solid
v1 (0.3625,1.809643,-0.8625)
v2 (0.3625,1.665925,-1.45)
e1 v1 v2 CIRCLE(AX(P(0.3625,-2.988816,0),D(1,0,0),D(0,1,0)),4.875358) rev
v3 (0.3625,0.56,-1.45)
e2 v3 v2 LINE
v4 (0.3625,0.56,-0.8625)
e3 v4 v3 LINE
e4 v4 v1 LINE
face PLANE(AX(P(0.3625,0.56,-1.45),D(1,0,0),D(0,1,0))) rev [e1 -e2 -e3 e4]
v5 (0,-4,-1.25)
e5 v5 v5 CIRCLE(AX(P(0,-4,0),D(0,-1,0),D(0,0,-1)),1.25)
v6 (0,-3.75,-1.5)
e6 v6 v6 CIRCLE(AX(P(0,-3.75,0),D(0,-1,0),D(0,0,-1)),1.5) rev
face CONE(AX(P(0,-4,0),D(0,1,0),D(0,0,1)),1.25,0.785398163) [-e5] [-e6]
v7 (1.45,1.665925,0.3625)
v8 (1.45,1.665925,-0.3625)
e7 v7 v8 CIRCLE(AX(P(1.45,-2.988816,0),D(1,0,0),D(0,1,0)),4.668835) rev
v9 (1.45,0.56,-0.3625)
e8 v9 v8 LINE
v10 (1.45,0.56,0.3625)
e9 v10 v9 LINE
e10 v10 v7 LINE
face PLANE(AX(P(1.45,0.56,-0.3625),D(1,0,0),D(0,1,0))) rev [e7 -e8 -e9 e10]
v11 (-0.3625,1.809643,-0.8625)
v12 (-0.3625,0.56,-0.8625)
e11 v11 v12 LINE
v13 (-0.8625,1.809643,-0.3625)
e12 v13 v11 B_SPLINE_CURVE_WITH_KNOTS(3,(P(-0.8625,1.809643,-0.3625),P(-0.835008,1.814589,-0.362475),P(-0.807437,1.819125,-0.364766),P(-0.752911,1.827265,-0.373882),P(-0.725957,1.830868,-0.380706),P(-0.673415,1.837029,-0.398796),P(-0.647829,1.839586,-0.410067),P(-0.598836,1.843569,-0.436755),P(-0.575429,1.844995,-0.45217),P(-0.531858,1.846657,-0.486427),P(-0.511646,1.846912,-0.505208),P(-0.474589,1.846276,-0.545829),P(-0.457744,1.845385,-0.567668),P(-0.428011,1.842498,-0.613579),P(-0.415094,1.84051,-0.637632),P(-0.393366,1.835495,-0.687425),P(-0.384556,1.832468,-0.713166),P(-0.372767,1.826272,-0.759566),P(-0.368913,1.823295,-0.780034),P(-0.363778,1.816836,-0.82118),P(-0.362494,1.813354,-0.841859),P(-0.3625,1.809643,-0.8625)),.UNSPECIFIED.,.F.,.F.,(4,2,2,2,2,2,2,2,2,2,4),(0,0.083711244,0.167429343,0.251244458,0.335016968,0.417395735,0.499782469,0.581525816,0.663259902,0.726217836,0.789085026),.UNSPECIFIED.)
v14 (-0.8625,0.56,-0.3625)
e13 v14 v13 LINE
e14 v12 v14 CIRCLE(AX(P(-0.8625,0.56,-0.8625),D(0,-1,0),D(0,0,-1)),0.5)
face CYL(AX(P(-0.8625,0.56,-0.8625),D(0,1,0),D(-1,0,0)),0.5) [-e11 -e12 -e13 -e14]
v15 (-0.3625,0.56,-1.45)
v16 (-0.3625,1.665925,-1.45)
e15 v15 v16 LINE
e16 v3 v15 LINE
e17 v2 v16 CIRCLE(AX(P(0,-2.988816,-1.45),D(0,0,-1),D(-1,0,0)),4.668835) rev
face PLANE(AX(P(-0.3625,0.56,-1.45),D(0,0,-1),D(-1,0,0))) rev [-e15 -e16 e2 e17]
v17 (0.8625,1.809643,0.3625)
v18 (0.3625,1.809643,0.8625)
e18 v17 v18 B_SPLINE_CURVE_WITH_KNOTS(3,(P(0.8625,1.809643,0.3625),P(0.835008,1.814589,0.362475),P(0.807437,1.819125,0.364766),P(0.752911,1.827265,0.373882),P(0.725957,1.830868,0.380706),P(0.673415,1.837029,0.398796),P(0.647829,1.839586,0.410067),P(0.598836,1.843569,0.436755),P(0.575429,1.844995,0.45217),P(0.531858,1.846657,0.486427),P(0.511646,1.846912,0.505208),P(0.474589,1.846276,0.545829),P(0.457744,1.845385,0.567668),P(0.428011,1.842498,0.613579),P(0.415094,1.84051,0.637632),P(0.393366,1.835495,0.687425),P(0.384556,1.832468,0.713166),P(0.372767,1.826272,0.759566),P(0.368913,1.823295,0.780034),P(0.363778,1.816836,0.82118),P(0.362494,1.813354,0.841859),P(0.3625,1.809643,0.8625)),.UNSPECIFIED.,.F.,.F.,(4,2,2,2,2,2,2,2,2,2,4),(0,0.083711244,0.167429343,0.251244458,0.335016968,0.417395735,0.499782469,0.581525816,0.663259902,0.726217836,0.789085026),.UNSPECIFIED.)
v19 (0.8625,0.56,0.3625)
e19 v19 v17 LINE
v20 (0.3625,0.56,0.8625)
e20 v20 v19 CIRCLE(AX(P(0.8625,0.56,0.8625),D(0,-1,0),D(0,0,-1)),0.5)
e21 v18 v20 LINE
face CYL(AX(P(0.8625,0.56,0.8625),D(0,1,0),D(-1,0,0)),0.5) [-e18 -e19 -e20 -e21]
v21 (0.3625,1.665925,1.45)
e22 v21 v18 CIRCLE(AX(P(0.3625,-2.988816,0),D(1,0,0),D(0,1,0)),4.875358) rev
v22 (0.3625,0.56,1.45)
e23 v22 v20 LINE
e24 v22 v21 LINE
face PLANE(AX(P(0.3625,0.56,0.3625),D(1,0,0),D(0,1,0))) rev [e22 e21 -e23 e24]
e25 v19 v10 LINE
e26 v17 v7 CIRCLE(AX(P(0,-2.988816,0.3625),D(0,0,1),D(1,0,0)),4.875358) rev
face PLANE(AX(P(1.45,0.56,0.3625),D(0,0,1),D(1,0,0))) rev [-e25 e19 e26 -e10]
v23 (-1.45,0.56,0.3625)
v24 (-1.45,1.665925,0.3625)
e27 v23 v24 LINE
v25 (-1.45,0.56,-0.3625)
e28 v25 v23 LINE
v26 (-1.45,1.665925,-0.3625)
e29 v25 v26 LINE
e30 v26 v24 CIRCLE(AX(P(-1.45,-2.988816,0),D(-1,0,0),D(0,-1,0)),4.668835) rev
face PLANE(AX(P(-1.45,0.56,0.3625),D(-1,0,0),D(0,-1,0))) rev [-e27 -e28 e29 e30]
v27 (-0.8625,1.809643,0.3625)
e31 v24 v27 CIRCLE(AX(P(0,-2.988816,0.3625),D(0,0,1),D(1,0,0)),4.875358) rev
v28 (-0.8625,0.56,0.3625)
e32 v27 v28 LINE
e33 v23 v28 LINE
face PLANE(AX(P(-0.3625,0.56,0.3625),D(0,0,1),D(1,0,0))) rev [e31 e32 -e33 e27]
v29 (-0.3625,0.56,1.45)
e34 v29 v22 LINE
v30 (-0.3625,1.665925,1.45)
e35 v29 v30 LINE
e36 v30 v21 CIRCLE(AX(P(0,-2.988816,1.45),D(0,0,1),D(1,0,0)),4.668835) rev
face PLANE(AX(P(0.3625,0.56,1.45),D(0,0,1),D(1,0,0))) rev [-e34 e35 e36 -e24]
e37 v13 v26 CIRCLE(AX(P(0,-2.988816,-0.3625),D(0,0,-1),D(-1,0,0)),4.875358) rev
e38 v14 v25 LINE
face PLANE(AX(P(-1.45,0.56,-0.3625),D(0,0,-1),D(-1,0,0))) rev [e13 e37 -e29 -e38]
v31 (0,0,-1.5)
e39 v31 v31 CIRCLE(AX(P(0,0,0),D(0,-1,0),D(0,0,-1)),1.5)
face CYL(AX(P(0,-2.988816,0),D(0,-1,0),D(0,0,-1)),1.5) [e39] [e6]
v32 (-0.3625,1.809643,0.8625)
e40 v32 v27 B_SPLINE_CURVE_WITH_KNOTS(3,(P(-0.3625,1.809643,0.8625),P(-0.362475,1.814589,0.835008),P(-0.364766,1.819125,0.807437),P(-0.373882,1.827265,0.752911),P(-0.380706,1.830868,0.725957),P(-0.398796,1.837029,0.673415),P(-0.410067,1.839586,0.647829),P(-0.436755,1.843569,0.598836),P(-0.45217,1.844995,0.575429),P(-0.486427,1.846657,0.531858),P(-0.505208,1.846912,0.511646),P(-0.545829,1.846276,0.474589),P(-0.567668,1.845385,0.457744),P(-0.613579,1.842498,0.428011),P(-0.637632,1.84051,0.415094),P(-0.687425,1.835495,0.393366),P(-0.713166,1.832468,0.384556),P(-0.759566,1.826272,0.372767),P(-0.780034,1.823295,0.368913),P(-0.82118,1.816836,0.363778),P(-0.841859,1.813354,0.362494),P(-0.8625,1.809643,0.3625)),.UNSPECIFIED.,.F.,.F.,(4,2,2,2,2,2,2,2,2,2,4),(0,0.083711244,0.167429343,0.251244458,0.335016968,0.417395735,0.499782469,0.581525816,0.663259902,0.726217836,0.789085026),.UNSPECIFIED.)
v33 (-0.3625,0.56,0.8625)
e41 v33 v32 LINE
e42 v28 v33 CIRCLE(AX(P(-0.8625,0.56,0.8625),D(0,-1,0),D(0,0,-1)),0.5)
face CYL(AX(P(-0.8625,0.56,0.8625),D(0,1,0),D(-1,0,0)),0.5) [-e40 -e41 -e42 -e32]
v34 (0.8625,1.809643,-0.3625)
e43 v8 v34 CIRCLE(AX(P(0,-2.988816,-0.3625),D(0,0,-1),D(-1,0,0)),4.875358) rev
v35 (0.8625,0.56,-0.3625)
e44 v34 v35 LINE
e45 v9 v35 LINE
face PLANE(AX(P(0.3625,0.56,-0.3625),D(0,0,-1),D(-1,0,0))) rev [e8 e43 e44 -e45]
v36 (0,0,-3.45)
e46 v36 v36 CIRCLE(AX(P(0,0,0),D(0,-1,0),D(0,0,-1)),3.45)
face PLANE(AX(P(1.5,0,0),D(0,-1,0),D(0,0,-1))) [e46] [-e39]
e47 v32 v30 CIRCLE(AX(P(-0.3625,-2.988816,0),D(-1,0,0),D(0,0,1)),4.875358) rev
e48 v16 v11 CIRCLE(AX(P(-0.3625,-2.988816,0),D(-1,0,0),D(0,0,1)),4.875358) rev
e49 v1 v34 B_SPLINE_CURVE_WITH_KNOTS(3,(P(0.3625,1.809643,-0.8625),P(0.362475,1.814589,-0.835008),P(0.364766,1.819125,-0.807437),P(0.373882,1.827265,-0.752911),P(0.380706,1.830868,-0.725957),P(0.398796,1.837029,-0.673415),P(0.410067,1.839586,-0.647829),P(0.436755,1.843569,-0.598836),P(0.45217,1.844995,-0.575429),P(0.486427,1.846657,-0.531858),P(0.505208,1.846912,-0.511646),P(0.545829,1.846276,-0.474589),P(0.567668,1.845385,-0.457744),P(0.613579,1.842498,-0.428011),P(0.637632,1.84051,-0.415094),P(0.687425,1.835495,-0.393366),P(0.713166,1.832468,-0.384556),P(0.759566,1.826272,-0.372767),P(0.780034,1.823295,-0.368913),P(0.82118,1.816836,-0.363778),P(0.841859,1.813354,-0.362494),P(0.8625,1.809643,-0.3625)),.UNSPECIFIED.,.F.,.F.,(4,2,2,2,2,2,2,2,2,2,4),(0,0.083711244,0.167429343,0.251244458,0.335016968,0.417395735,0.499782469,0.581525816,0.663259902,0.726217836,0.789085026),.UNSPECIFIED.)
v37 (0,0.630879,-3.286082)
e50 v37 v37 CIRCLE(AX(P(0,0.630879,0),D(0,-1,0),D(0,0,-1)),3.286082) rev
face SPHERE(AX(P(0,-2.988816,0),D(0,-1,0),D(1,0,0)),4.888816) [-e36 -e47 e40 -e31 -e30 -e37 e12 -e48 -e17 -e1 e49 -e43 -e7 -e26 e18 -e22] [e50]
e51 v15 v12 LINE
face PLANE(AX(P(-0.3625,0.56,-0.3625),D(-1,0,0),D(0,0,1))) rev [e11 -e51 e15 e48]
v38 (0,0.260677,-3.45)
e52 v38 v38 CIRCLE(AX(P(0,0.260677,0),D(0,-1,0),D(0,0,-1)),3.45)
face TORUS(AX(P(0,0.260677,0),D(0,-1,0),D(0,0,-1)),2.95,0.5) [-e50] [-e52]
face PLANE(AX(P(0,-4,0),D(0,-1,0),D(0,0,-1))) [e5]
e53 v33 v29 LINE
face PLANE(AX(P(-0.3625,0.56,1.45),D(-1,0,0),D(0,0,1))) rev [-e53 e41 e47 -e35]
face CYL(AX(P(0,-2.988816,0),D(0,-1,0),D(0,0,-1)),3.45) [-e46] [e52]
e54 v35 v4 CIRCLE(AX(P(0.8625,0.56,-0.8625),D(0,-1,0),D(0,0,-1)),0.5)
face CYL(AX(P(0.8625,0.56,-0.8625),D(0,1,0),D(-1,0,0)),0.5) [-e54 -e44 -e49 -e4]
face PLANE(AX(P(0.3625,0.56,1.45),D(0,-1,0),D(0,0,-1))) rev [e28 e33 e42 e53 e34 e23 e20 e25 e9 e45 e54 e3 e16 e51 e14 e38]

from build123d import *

# Parameters (mm, degrees)
CUT_EXTRUDE1_DEPTH = 1.34
CHAMFER1_SIZE      = 0.25
FILLET1_R          = 0.5
FILLET2_R          = 0.5


with BuildPart() as part:
    # Sketch1 → Revolve1 (revolve)
    with BuildSketch(Plane.XY):
        with BuildLine():
            Line((0, -4), (1.5, -4))
            Line((1.5, -4), (1.5, 0))
            Line((1.5, 0), (3.45, 0))
            Line((3.45, 0), (3.45, 0.475))
            ThreePointArc((3.45, 0.475), (1.866355071, 1.529728066), (0, 1.9))
            Line((0, 1.9), (0, -4))
        make_face()
    revolve(axis=Axis((0, -2.988815789, 0), (0, 1, 0)))

    # Sketch3 → Cut-Extrude1 (cut)
    with BuildSketch(Plane(origin=(0, 1.9, 0), x_dir=(-1, 0, 0), z_dir=(0, 1, 0))):
        Polygon((-0.3625, 1.45), (0.3625, 1.45), (0.3625, 0.3625), (1.45, 0.3625), (1.45, -0.3625), (0.3625, -0.3625), (0.3625, -1.45), (-0.3625, -1.45), (-0.3625, -0.3625), (-1.45, -0.3625), (-1.45, 0.3625), (-0.3625, 0.3625), align=None)
    extrude(amount=-CUT_EXTRUDE1_DEPTH, mode=Mode.SUBTRACT)

    # Chamfer1
    chamfer1_edges = [part.edges().sort_by_distance(p)[0] for p in [
        (-1.5, -4, 0),
    ]]
    chamfer(chamfer1_edges, length=CHAMFER1_SIZE)

    # Fillet1
    fillet1_edges = [part.edges().sort_by_distance(p)[0] for p in [
        (-3.45, 0.475, 0),
    ]]
    fillet(fillet1_edges, radius=FILLET1_R)

    # Fillet2
    fillet2_edges = [part.edges().sort_by_distance(p)[0] for p in [
        (0.3625, 1.216523373, 0.3625),
        (-0.3625, 1.216523373, 0.3625),
        (-0.3625, 1.216523373, -0.3625),
        (0.3625, 1.216523373, -0.3625),
    ]]
    fillet(fillet2_edges, radius=FILLET2_R)


solid = part.part
